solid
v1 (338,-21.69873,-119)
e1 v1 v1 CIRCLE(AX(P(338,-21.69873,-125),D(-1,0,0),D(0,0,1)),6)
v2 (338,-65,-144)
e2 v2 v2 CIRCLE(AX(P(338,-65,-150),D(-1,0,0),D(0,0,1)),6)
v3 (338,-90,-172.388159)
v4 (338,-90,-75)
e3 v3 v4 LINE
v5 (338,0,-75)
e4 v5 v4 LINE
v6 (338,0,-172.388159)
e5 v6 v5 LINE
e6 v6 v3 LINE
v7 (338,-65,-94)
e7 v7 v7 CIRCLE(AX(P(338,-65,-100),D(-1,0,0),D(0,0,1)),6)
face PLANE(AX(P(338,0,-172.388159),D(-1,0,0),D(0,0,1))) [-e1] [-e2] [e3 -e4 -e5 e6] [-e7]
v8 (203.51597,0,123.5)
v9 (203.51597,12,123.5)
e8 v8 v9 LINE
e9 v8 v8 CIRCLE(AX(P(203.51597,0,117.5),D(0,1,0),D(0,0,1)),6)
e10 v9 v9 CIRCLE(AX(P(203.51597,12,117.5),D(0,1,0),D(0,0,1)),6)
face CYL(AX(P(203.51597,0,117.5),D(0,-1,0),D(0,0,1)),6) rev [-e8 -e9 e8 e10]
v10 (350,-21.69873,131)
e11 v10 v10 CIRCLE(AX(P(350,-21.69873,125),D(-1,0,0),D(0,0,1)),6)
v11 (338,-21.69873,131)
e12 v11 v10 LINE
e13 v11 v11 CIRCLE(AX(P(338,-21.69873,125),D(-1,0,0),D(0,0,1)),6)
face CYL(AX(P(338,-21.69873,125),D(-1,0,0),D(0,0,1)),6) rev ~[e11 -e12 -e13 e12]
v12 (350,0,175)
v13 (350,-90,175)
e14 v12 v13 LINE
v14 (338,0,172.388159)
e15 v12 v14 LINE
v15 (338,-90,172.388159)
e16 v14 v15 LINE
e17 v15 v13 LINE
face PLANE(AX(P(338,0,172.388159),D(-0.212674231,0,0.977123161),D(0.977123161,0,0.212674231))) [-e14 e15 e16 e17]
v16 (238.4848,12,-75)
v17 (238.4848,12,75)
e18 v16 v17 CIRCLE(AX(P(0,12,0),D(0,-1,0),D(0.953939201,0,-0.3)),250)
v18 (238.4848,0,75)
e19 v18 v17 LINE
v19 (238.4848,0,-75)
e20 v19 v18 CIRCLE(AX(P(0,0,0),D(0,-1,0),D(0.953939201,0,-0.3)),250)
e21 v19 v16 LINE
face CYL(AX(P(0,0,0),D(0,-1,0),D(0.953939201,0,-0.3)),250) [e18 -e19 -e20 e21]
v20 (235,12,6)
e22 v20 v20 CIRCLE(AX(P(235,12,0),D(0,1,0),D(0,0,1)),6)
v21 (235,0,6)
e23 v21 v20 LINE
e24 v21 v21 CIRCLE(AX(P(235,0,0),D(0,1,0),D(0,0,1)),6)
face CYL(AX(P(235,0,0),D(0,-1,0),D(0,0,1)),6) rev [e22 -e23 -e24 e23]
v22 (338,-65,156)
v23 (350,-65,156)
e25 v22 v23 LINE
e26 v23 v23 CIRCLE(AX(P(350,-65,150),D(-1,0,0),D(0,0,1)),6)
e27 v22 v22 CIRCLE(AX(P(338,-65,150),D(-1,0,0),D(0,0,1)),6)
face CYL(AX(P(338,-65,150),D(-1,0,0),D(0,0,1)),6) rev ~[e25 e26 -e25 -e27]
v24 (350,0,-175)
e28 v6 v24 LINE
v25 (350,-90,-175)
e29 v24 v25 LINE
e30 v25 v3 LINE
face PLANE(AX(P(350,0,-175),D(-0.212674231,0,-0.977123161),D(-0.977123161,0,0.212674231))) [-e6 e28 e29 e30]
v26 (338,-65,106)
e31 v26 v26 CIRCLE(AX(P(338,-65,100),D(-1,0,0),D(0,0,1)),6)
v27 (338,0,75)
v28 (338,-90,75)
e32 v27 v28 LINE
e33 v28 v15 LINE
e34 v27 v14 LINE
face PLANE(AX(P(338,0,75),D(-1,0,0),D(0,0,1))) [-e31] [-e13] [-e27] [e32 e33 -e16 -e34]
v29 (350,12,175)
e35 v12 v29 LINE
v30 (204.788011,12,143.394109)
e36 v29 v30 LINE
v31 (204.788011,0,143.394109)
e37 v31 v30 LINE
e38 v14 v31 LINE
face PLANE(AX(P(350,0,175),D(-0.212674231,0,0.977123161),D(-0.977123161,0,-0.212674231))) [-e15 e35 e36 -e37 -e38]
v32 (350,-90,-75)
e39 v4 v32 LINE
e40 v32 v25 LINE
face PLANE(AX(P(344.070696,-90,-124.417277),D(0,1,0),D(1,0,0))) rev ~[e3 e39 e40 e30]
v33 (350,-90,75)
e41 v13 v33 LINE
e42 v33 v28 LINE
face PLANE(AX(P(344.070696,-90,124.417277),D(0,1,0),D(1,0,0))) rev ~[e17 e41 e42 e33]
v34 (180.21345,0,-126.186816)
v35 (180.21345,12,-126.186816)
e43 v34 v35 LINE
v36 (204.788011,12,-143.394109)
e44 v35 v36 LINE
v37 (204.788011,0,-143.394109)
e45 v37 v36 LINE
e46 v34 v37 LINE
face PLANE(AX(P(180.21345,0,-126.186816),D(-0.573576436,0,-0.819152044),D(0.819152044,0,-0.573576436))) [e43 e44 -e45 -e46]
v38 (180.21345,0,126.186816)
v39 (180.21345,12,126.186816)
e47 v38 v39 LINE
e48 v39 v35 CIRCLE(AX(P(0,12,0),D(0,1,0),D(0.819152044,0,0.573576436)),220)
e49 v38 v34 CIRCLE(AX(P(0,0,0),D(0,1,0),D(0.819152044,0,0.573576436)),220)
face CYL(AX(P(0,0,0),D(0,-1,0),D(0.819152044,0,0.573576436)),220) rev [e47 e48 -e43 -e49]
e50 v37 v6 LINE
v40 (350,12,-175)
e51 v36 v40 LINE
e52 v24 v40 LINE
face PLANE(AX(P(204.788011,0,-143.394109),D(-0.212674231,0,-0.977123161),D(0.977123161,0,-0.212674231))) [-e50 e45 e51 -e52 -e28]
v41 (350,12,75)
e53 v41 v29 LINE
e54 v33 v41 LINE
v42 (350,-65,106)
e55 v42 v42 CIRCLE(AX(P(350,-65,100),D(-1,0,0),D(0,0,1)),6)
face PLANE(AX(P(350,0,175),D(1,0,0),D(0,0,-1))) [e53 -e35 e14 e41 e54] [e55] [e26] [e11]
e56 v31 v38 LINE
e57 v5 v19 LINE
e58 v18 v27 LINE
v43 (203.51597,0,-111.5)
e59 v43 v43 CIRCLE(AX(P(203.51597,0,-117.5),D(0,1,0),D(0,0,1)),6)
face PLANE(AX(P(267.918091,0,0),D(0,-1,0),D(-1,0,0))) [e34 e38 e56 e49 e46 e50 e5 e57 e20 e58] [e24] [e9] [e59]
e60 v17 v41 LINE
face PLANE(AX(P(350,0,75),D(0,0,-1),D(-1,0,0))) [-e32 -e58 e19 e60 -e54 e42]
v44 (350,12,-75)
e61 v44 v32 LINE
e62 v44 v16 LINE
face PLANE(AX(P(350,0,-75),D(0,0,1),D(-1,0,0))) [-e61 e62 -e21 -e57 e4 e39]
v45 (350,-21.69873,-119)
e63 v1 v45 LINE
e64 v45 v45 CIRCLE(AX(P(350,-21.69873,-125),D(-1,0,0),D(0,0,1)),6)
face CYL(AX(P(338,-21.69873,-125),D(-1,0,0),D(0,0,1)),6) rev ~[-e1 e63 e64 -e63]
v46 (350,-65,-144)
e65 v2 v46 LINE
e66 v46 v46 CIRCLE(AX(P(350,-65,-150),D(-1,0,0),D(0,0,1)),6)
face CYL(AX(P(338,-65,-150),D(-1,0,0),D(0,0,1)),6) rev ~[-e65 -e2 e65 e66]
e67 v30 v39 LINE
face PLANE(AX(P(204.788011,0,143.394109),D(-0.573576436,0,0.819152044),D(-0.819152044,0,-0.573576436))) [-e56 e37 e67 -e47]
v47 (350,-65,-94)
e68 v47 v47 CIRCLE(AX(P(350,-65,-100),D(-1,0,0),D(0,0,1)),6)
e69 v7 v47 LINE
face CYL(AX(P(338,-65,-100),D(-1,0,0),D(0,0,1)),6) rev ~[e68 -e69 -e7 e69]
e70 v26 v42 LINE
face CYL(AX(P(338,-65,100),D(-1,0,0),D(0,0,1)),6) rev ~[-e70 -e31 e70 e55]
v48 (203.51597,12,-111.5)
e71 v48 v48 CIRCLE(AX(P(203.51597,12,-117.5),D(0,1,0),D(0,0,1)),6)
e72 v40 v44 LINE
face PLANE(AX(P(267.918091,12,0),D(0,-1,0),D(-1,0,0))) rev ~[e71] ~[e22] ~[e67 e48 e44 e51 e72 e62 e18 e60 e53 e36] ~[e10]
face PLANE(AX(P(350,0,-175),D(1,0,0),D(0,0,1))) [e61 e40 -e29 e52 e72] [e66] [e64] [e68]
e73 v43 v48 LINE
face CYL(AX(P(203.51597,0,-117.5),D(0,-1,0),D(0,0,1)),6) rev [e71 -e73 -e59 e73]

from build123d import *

# Parameters (mm, degrees)
SKETCH1_R           = 6
BOSS_EXTRUDE2_DEPTH = 12
BOSS_EXTRUDE3_DEPTH = 90
SKETCH4_R           = 6
CUT_EXTRUDE1_DEPTH  = 253.233216373


with BuildPart() as part:
    # Sketch1 → Boss-Extrude2 (new body)
    with BuildSketch(Plane(origin=(0, 0, 0), x_dir=(1, 0, 0), z_dir=(0, 1, 0))):
        with BuildLine():
            Line((350, 175), (350, 75))
            Line((350, 75), (238.484800354, 75))
            ThreePointArc((238.484800354, 75), (250, 0), (238.484800354, -75))
            Line((238.484800354, -75), (350, -75))
            Line((350, -75), (350, -175))
            Line((350, -175), (204.788011072, -143.394109088))
            Line((204.788011072, -143.394109088), (180.213449744, -126.186815997))
            ThreePointArc((180.213449744, -126.186815997), (220, 0), (180.213449744, 126.186815997))
            Line((180.213449744, 126.186815997), (204.788011072, 143.394109088))
            Line((204.788011072, 143.394109088), (350, 175))
        make_face()
        with Locations(Location((203.515969889, -117.5, 0), (0, 0, 270))):
            Circle(SKETCH1_R, mode=Mode.SUBTRACT)
        with Locations(Location((235, 0, 0), (0, 0, 270))):
            Circle(SKETCH1_R, mode=Mode.SUBTRACT)
        with Locations(Location((203.515969889, 117.5, 0), (0, 0, 270))):
            Circle(SKETCH1_R, mode=Mode.SUBTRACT)
    extrude(amount=BOSS_EXTRUDE2_DEPTH)

    # Sketch2 → Boss-Extrude3 (add)
    with BuildSketch(Plane(origin=(0, 0, 0), x_dir=(-1, 0, 0), z_dir=(0, -1, 0))):
        Polygon((-350, -175), (-350, -75), (-338, -75), (-338, -172.388158555), align=None)
        Polygon((-350, 75), (-350, 175), (-338, 172.388158555), (-338, 75), align=None)
    extrude(amount=BOSS_EXTRUDE3_DEPTH)

    # Sketch4 → Cut-Extrude1 (cut, through all)
    with BuildSketch(Plane.ZY.offset(-338)):
        with Locations((-150, -65)):
            Circle(SKETCH4_R)
        with Locations((-100, -65)):
            Circle(SKETCH4_R)
        with Locations((-125, -21.698729811)):
            Circle(SKETCH4_R)
        with Locations((150, -65)):
            Circle(SKETCH4_R)
        with Locations((125, -21.698729811)):
            Circle(SKETCH4_R)
        with Locations((100, -65)):
            Circle(SKETCH4_R)
    extrude(amount=-CUT_EXTRUDE1_DEPTH, mode=Mode.SUBTRACT)


solid = part.part
